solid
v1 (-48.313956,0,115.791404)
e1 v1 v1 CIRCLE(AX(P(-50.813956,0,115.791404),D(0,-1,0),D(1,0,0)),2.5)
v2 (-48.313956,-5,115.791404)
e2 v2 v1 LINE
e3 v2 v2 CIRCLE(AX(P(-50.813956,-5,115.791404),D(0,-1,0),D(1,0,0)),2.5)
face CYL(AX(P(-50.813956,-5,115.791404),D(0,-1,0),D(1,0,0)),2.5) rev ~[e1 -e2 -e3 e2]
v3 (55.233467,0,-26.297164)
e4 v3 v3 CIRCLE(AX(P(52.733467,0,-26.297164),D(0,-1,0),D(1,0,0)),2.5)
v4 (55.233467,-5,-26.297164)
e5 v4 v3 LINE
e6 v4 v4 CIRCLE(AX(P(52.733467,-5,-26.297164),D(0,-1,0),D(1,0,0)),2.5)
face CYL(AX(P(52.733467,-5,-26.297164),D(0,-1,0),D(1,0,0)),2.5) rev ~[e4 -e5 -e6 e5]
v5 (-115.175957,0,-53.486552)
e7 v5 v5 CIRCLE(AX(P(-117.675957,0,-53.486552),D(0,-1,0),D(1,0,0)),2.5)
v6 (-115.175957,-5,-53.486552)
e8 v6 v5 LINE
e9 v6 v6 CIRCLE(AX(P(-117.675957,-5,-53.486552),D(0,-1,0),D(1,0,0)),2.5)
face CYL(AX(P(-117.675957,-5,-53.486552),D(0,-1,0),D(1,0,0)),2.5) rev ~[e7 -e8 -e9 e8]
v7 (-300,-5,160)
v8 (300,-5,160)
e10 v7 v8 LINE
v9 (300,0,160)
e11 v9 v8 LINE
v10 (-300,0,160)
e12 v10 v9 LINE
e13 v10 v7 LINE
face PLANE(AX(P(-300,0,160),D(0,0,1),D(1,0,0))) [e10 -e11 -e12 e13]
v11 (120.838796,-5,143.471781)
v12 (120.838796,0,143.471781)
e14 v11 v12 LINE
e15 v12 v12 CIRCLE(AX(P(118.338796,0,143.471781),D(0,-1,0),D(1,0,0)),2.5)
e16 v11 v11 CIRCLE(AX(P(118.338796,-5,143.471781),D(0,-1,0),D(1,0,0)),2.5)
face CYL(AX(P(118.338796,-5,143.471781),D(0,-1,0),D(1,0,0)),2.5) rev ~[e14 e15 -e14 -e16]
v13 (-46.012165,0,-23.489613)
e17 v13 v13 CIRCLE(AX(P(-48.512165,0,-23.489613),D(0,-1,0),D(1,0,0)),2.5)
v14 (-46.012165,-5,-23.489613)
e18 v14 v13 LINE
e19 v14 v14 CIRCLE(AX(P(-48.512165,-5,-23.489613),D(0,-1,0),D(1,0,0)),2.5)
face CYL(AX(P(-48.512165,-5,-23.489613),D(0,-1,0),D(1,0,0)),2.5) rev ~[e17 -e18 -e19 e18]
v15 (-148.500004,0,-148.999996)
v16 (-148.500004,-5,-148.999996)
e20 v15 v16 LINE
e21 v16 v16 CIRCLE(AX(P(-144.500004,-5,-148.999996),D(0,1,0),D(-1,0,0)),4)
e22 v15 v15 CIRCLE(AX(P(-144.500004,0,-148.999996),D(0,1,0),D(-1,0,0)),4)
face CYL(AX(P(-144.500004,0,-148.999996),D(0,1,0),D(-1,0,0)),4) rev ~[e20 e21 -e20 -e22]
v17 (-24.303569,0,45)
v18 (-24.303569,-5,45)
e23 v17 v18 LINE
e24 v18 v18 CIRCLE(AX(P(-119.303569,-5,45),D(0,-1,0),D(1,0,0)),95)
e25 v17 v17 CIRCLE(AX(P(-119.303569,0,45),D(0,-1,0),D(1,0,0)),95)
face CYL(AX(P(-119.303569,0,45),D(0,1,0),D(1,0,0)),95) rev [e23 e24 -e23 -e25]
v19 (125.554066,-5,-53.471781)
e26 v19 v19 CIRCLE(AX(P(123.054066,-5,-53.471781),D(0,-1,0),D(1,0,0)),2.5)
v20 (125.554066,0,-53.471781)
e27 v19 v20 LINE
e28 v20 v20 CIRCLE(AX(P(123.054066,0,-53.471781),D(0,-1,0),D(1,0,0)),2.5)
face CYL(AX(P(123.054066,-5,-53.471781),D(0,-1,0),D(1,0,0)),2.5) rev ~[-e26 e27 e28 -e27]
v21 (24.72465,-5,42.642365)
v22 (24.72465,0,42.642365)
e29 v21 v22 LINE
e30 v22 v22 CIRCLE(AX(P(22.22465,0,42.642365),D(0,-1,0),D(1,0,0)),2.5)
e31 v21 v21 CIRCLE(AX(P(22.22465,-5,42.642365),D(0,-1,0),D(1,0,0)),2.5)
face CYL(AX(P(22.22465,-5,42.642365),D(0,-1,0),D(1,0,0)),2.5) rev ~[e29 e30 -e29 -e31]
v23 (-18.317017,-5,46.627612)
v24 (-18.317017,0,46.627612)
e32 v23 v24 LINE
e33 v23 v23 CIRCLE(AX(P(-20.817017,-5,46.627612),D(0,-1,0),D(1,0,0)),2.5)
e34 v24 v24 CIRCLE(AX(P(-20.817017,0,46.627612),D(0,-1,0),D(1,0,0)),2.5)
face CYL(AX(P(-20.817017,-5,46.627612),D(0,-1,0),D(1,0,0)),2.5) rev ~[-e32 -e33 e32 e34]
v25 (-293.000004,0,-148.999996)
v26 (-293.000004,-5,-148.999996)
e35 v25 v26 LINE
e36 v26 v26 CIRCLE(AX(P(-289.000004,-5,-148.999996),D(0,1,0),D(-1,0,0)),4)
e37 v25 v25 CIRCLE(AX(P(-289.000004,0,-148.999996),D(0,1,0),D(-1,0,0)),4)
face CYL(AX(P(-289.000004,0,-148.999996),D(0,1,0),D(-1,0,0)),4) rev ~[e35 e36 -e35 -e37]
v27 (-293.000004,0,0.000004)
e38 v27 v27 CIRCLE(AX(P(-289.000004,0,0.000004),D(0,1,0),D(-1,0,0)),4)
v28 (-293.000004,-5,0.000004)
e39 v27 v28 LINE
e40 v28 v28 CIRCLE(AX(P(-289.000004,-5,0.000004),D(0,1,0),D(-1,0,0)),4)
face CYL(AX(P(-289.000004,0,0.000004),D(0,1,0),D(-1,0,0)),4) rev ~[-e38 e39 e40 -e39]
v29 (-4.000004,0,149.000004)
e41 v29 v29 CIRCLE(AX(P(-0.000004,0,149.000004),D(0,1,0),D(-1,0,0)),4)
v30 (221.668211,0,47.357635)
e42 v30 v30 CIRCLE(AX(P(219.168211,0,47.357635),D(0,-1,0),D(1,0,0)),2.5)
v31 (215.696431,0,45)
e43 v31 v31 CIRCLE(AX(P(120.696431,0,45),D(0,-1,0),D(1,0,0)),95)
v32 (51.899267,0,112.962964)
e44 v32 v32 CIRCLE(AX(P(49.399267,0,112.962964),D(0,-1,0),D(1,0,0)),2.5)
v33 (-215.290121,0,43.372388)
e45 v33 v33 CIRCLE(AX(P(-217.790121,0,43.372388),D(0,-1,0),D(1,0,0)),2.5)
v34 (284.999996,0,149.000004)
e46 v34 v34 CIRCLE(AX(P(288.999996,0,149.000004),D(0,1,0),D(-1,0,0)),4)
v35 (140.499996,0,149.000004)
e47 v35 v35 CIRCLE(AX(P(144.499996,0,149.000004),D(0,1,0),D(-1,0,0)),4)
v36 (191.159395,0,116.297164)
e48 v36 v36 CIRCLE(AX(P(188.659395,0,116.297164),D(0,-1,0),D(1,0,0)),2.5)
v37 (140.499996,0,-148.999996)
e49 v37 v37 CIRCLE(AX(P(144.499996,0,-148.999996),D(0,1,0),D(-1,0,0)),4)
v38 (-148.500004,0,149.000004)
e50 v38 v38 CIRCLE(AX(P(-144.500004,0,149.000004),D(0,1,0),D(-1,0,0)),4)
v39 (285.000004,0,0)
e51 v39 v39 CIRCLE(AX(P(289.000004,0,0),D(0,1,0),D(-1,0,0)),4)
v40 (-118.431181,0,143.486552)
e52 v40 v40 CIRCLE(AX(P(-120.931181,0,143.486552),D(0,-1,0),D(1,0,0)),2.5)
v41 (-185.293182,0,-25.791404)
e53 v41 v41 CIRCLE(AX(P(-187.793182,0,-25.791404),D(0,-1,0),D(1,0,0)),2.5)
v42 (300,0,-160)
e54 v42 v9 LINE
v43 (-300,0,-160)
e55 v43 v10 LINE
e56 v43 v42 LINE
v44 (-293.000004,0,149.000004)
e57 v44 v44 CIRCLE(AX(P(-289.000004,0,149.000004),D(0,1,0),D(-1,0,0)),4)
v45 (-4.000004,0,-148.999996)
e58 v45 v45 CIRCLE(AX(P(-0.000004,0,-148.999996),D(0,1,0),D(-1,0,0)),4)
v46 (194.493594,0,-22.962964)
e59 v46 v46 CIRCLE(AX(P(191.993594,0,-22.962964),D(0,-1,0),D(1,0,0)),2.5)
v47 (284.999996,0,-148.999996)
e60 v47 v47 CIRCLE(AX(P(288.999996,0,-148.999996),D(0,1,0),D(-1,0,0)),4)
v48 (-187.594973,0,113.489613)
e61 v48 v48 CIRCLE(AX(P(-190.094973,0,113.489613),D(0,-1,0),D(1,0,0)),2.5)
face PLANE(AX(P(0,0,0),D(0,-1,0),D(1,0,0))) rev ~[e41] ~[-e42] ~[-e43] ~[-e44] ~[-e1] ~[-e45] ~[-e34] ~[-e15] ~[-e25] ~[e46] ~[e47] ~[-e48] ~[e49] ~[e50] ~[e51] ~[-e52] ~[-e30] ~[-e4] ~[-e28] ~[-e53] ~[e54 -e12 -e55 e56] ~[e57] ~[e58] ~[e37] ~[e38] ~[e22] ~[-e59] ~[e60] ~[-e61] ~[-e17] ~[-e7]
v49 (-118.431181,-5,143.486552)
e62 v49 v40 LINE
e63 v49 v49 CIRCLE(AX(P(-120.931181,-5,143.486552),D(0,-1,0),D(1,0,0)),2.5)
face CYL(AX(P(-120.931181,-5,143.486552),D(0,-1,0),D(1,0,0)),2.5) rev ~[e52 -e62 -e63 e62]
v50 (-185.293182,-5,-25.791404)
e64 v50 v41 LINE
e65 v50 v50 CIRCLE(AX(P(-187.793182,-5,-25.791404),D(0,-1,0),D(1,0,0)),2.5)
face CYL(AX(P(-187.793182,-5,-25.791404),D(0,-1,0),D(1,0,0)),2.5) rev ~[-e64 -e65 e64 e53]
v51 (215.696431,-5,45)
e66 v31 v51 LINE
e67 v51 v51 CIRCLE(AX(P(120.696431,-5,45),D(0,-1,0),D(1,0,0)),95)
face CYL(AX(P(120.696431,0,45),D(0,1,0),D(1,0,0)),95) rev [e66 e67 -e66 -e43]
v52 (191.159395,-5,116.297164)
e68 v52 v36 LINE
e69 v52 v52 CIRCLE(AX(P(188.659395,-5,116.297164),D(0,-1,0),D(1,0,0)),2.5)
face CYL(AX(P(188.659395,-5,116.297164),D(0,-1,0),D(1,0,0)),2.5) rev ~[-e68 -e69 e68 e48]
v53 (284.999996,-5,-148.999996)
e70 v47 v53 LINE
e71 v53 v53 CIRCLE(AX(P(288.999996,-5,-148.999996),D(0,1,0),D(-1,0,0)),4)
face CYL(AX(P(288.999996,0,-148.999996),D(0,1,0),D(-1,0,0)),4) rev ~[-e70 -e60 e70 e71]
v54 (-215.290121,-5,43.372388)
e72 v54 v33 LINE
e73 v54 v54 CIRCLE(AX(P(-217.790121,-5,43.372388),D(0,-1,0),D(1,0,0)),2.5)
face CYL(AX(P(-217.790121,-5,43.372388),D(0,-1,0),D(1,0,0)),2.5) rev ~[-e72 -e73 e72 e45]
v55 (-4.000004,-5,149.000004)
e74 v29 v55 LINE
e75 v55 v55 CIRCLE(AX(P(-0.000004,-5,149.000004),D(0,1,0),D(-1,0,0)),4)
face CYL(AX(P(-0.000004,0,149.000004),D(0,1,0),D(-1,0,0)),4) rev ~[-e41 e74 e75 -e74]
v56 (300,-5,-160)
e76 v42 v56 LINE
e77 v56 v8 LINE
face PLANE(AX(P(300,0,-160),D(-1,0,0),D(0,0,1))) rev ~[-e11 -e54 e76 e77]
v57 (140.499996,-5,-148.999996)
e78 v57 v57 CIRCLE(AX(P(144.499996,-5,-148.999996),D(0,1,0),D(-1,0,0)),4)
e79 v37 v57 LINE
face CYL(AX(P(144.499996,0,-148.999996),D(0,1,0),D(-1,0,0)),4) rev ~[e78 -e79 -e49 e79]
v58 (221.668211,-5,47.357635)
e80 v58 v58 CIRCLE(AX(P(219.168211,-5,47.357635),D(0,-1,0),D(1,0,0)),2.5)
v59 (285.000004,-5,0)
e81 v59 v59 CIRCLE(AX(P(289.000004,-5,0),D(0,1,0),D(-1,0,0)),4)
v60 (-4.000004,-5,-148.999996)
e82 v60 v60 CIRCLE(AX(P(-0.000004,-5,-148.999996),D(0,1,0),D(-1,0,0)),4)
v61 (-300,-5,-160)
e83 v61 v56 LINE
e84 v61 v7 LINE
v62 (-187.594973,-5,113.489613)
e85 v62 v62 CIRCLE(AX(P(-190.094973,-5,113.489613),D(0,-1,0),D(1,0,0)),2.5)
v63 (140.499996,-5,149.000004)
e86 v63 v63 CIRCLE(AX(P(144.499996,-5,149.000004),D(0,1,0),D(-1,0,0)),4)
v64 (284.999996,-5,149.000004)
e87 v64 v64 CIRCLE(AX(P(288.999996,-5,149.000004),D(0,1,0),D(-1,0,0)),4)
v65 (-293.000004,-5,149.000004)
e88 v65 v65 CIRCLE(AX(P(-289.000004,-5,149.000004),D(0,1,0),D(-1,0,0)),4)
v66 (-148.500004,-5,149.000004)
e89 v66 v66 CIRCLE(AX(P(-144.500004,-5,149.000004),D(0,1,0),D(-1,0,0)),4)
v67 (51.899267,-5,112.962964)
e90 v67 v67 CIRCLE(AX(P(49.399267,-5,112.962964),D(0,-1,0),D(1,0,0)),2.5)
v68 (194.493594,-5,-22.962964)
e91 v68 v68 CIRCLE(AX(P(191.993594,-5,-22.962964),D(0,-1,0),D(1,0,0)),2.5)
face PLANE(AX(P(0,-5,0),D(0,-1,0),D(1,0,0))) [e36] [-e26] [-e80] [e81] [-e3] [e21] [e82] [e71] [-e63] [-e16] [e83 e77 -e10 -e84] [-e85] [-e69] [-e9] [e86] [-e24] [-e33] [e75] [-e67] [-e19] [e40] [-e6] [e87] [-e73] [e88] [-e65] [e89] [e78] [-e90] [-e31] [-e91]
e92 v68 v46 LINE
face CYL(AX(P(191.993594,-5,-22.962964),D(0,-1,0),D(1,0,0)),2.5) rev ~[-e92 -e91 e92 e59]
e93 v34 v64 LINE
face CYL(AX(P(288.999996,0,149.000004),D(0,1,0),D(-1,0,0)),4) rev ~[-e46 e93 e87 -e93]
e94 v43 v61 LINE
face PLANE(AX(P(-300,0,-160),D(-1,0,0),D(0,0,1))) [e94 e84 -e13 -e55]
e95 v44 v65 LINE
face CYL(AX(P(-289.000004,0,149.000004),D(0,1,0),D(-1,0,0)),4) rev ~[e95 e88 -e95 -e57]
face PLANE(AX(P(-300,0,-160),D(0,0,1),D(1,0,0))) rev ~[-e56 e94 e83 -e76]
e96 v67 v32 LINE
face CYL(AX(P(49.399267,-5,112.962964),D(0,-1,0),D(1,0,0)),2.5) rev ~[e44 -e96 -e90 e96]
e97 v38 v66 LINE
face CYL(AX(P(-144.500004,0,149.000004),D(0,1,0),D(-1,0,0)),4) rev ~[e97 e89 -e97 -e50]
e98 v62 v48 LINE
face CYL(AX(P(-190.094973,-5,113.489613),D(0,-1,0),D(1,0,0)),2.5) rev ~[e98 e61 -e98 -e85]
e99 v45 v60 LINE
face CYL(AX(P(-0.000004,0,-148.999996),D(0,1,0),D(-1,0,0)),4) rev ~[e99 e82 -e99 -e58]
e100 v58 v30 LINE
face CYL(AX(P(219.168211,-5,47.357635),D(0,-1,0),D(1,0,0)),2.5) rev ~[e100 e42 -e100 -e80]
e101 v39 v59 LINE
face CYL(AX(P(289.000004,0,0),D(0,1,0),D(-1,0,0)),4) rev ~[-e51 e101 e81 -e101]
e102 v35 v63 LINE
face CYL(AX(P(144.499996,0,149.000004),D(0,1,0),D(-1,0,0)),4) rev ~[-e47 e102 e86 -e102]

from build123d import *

# Parameters (mm, degrees)
F0_W     = 600
F0_H     = 320
F0_R     = 95
F1_DEPTH = 5
F2_R     = 2.5
F3_DEPTH = 25
F4_R     = 4
F5_DEPTH = 25


with BuildPart() as f1:
    # F0 (on Front) → F1 (new body)
    with BuildSketch(Plane.XZ):
        Rectangle(F0_W, F0_H)
        with Locations((-119.303569, 45)):
            Circle(F0_R, mode=Mode.SUBTRACT)
        with Locations((120.696431, 45)):
            Circle(F0_R, mode=Mode.SUBTRACT)
    extrude(amount=F1_DEPTH)

    # F2 (on face) → F3 (cut)
    with BuildSketch(Plane.XZ.offset(5)):
        with Locations((-120.931181, 143.486552)):
            Circle(F2_R)
        with Locations((118.338796, 143.471781)):
            Circle(F2_R)
        with Locations((-190.094973, 113.489613)):
            Circle(F2_R)
        with Locations((-217.790121, 43.372388)):
            Circle(F2_R)
        with Locations((-187.793182, -25.791404)):
            Circle(F2_R)
        with Locations((-117.675957, -53.486552)):
            Circle(F2_R)
        with Locations((-48.512165, -23.489613)):
            Circle(F2_R)
        with Locations((-20.817017, 46.627612)):
            Circle(F2_R)
        with Locations((-50.813956, 115.791404)):
            Circle(F2_R)
        with Locations((49.399267, 112.962964)):
            Circle(F2_R)
        with Locations((22.22465, 42.642365)):
            Circle(F2_R)
        with Locations((52.733467, -26.297164)):
            Circle(F2_R)
        with Locations((123.054066, -53.471781)):
            Circle(F2_R)
        with Locations((191.993594, -22.962964)):
            Circle(F2_R)
        with Locations((219.168211, 47.357635)):
            Circle(F2_R)
        with Locations((188.659395, 116.297164)):
            Circle(F2_R)
    extrude(amount=-F3_DEPTH, mode=Mode.SUBTRACT)

    # F4 (on face) → F5 (cut)
    with BuildSketch(Plane(origin=(0, 0, 0), x_dir=(-1, 0, 0), z_dir=(0, 1, 0))):
        with Locations((289.000004, 149.000004)):
            Circle(F4_R)
        with Locations((289.000004, -148.999996)):
            Circle(F4_R)
        with Locations((144.500004, 149.000004)):
            Circle(F4_R)
        with Locations((144.500004, -148.999996)):
            Circle(F4_R)
        with Locations((4e-06, 149.000004)):
            Circle(F4_R)
        with Locations((4e-06, -148.999996)):
            Circle(F4_R)
        with Locations((-144.499996, 149.000004)):
            Circle(F4_R)
        with Locations((-144.499996, -148.999996)):
            Circle(F4_R)
        with Locations((-288.999996, 149.000004)):
            Circle(F4_R)
        with Locations((-288.999996, -148.999996)):
            Circle(F4_R)
        with Locations((-289.000004, 0)):
            Circle(F4_R)
        with Locations((289.000004, 4e-06)):
            Circle(F4_R)
    extrude(amount=-F5_DEPTH, mode=Mode.SUBTRACT)


solid = f1.part
